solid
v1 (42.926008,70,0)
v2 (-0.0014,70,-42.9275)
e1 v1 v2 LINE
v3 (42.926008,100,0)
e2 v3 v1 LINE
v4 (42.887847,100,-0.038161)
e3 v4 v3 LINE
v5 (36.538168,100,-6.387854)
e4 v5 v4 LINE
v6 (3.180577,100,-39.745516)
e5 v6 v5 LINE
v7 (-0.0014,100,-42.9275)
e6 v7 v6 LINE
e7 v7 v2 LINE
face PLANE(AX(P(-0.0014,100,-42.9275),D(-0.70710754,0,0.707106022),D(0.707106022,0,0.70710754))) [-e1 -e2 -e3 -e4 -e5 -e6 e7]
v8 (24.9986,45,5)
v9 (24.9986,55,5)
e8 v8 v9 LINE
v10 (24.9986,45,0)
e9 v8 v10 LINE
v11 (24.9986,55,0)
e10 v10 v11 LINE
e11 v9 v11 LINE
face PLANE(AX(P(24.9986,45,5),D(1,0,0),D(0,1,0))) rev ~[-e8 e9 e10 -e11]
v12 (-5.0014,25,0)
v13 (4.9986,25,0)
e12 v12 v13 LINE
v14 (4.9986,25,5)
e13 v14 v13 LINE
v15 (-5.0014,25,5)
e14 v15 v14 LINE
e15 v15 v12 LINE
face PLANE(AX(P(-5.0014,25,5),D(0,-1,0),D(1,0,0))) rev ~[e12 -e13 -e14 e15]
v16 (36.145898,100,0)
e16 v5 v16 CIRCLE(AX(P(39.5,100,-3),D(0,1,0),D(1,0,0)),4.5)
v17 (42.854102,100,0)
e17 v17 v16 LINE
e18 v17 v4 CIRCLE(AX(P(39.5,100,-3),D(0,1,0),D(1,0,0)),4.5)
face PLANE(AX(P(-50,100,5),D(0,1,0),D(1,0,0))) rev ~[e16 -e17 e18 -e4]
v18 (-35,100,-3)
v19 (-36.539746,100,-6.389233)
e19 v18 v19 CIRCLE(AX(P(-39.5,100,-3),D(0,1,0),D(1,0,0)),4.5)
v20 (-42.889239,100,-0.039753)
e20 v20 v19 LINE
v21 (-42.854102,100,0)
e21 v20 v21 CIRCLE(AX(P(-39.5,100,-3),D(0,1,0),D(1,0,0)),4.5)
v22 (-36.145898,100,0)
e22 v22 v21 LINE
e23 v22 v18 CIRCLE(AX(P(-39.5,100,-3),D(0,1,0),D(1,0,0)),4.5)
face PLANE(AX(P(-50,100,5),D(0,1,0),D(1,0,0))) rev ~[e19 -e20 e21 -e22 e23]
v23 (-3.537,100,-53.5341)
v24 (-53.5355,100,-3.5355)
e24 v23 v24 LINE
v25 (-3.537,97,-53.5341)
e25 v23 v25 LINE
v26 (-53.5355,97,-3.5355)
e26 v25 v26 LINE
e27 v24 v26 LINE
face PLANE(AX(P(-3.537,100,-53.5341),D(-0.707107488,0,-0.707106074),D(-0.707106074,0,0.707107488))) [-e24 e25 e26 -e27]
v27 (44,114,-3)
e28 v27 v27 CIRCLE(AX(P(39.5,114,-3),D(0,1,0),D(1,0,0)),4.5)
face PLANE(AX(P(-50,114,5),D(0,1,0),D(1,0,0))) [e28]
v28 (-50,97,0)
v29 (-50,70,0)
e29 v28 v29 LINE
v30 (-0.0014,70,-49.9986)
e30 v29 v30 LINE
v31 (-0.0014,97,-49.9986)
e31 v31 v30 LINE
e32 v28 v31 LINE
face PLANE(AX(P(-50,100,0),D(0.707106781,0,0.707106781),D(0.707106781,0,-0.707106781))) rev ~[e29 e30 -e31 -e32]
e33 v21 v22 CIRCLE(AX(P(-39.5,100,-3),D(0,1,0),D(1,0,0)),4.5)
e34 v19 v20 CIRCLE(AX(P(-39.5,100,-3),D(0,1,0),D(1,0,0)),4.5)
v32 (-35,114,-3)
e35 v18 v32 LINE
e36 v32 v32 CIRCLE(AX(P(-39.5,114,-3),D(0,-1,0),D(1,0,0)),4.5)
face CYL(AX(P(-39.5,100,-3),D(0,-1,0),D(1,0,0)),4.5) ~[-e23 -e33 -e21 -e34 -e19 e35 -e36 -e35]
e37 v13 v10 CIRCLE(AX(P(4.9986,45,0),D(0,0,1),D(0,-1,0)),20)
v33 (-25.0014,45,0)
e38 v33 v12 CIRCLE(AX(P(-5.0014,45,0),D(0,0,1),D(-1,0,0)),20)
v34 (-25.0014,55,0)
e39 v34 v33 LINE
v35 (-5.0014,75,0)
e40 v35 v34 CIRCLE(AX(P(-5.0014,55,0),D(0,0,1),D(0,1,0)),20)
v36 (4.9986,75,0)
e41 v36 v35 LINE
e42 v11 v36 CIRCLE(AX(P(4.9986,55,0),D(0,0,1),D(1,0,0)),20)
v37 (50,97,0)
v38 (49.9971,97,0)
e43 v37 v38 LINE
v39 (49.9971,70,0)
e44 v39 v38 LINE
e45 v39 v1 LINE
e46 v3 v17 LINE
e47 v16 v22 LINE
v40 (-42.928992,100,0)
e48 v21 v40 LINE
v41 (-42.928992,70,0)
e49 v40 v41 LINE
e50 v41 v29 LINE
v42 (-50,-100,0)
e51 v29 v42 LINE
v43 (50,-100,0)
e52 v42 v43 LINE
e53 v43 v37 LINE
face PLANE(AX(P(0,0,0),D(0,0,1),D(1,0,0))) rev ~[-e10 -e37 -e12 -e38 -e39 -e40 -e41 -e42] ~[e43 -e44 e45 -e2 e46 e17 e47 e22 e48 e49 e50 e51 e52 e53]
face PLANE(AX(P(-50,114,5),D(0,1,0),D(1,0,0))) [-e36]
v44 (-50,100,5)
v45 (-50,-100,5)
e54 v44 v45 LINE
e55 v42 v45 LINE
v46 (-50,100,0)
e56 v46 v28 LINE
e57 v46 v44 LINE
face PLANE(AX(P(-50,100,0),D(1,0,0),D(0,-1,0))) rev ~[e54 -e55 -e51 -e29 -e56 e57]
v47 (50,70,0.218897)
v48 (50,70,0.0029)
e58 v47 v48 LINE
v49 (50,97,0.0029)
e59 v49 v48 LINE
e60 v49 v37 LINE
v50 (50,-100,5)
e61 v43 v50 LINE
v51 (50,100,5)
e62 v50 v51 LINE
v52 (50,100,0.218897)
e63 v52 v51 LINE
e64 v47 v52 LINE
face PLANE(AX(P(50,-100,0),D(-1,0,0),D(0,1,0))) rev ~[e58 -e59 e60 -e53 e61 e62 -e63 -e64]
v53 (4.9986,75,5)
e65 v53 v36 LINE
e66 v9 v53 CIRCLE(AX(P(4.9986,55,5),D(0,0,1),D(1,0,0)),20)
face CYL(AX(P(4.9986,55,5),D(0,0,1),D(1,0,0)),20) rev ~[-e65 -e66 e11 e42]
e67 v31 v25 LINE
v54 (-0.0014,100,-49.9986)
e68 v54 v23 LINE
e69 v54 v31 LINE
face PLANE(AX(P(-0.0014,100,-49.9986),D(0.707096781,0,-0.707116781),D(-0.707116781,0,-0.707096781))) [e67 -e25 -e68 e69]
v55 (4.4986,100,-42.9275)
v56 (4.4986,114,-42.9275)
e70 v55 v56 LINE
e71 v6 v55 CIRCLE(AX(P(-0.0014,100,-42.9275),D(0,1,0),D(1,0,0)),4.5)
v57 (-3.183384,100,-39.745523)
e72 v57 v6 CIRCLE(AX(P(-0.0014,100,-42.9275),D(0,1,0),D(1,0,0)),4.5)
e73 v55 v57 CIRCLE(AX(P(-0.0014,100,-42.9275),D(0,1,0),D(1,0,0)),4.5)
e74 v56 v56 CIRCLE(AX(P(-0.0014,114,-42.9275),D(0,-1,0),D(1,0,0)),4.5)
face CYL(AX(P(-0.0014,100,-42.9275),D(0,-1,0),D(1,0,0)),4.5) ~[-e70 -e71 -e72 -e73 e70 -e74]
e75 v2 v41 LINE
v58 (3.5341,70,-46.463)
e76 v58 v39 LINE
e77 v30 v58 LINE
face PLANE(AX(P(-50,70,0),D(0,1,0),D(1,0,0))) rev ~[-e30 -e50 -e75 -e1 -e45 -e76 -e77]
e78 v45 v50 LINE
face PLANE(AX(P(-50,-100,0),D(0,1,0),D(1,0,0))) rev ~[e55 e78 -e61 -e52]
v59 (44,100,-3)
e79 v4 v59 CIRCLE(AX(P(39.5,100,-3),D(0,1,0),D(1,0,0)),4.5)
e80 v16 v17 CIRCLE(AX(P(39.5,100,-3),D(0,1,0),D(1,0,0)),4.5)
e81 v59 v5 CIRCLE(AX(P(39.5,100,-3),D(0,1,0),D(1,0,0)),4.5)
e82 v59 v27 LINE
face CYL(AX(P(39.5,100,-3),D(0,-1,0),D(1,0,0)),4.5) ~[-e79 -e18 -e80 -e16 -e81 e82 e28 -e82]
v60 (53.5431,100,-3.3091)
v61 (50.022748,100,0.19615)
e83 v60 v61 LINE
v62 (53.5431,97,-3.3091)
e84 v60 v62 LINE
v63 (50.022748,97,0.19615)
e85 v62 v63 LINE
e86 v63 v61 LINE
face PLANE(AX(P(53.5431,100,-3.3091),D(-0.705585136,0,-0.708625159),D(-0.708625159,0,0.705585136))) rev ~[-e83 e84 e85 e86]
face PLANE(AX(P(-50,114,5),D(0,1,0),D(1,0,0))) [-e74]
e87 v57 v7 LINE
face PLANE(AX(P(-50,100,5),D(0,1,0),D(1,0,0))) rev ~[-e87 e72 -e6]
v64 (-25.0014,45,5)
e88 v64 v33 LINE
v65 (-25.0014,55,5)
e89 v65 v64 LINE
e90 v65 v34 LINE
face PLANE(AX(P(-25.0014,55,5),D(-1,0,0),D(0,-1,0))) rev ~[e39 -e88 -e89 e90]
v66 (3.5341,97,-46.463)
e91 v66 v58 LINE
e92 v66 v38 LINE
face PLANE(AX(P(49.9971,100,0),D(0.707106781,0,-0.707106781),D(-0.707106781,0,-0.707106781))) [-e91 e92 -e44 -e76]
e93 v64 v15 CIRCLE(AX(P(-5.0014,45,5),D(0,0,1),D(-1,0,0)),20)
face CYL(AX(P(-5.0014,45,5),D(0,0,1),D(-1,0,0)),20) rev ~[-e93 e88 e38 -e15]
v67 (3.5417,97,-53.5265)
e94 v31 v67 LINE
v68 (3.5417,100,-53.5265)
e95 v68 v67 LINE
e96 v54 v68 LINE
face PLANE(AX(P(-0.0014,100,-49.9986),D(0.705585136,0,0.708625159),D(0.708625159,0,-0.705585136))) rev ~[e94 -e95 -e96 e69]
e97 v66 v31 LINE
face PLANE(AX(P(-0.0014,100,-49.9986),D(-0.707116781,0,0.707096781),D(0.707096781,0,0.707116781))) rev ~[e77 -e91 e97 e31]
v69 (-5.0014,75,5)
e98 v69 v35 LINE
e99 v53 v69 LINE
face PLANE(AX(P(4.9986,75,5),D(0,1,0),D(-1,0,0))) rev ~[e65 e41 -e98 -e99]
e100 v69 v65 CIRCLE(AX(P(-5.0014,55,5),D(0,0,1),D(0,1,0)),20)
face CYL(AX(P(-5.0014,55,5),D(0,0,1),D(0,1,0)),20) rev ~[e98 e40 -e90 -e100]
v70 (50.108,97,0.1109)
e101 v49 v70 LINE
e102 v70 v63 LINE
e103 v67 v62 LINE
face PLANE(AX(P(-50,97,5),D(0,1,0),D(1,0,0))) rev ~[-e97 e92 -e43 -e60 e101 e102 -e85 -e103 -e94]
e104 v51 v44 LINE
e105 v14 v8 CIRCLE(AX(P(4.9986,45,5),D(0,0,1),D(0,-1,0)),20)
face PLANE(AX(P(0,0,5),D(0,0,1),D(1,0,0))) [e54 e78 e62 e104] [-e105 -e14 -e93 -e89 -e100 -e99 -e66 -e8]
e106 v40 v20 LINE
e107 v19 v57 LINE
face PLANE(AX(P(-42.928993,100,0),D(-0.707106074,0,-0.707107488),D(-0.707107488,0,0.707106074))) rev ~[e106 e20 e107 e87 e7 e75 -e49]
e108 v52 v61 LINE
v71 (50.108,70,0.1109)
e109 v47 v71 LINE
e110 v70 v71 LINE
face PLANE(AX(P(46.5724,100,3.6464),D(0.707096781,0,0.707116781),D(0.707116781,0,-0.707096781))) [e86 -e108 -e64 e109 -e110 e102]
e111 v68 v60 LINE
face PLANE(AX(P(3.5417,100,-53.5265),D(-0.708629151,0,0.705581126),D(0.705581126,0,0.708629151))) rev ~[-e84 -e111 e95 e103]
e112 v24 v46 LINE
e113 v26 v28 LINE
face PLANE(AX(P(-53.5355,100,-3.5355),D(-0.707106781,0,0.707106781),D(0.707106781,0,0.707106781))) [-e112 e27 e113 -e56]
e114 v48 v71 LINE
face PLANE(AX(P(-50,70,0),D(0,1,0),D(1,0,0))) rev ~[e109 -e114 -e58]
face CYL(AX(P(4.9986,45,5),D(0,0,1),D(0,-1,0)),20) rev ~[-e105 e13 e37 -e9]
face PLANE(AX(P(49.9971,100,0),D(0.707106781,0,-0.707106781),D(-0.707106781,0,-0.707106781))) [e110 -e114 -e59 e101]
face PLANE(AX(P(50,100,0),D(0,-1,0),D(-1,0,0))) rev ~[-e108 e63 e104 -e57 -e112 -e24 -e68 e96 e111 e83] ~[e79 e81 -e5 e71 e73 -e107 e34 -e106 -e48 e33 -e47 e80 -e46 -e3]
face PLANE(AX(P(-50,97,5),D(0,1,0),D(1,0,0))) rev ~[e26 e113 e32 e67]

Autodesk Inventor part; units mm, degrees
ref_plane "YZ Plane" through (0, 0, 0) normal (1, 0, 0) x (0, 1, 0)
ref_plane "XZ Plane" through (0, 0, 0) normal (0, 1, 0) x (-1, 0, 0)
ref_plane "XY Plane" through (0, 0, 0) normal (0, 0, 1) x (1, 0, 0)
sketch "Sketch1" plane through (0, 0, 0) normal (0, 0, 1) x (1, 0, 0)
  line L0 (-50, -100) -> (50, -100)
  line L1 (50, -100) -> (50, 100)
  line L2 (50, 100) -> (-50, 100)
  line L3 (-50, 100) -> (-50, -100)
  line L4 (-50, -100) -> (50, 100) construction
  line L5 (50, -100) -> (-50, 100) construction
  point P0 (0, 0)
  dimension "d0" = 100
  dimension "d1" = 200
extrude "Extrusion1" add sketch "Sketch1" along normal blind 5
sketch "Sketch2" plane through (-50, 100, 0) normal (0, 1, 0) x (1, 0, 0)
  line L0 (0, 0) -> (100, 0) projected
  line L1 (0, 0) -> (49.9986, 49.9986)
  line L2 (49.9986, 49.9986) -> (53.5341, 46.463)
  line L3 (53.5341, 46.463) -> (3.5355, -3.5355)
  line L4 (3.5355, -3.5355) -> (0, 0)
  line L5 (0, 0) -> (70.7086, 0) construction
  line L6 (100.108, -0.1109) -> (53.5341, 46.463)
  line L7 (53.5341, 46.463) -> (49.9986, 42.9275)
  line L8 (49.9986, 42.9275) -> (96.5724, -3.6464)
  line L9 (96.5724, -3.6464) -> (100.108, -0.1109)
  point P0 (50, 0)
  point P1 (49.9986, 42.9275)
  dimension "d4" = 45
  dimension "d5" = 5
  dimension "d6" = 5
extrude "Extrusion2" add sketch "Sketch2" against normal blind 30 contours L1 L2 L3 L0 | L0 L3 L4 | L8 L3 L6 L0 | L0 L6 L9 L8
sketch "Sketch6" plane through (0, 0, 5) normal (0, 0, 1) x (1, 0, 0)
  line L0 (4.9986, 75) -> (-5.0014, 75)
  line L1 (-25.0014, 55) -> (-25.0014, 45)
  line L2 (-5.0014, 25) -> (4.9986, 25)
  line L3 (24.9986, 45) -> (24.9986, 55)
  line L4 (24.9986, 75) -> (-25.0014, 25) construction
  line L5 (-25.0014, 75) -> (24.9986, 25) construction
  arc A0 (4.9986, 25) -> (24.9986, 45) centre (4.9986, 45) ccw
  arc A1 (24.9986, 55) -> (4.9986, 75) centre (4.9986, 55) ccw
  arc A2 (-5.0014, 75) -> (-25.0014, 55) centre (-5.0014, 55) ccw
  arc A3 (-25.0014, 45) -> (-5.0014, 25) centre (-5.0014, 45) ccw
  point P0 (0, 0)
  point P1 (-0.0014, 50)
  dimension "d21" = 50
  dimension "d22" = 50
  dimension "d23" = 20
extrude "Extrusion6" cut sketch "Sketch6" against normal blind 5
sketch "Sketch10" plane through (-50, 100, 5) normal (0, 1, 0) x (1, 0, 0)
  line L0 (0, 5) -> (7.0711, 5) projected
  line L1 (49.9986, 54.9986) -> (99.9971, 5) projected
  line L2 (0, 5) -> (49.9986, 54.9986)
  line L3 (49.9986, 54.9986) -> (46.463, 58.5341)
  line L4 (46.463, 58.5341) -> (-3.5355, 8.5355)
  line L5 (-3.5355, 8.5355) -> (0, 5)
  line L6 (100, 4.7812) -> (100, 0) projected
  line L7 (100, 4.7812) -> (49.9986, 54.9986)
  line L8 (49.9986, 54.9986) -> (53.5417, 58.5265)
  line L9 (53.5417, 58.5265) -> (103.5431, 8.3091)
  line L10 (103.5431, 8.3091) -> (100, 4.7812)
  line L11 (92.926, 5) -> (49.9986, 47.9275) projected
  line L12 (100, 0) -> (0, 0) projected
  line L13 (0, 0) -> (100, 0)
  point P0 (50, 5)
  dimension "d33" = 5
  dimension "d34" = 5
extrude "Extrusion9" add sketch "Sketch10" against normal blind 3
sketch "Sketch12" plane through (-50, 100, 5) normal (0, 1, 0) x (1, 0, 0)
  circle A0 centre (89.5, 8) radius 4.5
  circle A1 centre (10.5, 8) radius 4.5
  line L0 (49.9986, 47.9275) -> (7.0711, 5) projected
  circle A2 centre (49.9986, 47.9275) radius 4.5
  point P0 (50, 5)
  dimension "d38" = 9
  dimension "d39" = 9
  dimension "d41" = 9
extrude "Extrusion10" add sketch "Sketch12" along normal blind 14
properties part number "fixation_v09"
